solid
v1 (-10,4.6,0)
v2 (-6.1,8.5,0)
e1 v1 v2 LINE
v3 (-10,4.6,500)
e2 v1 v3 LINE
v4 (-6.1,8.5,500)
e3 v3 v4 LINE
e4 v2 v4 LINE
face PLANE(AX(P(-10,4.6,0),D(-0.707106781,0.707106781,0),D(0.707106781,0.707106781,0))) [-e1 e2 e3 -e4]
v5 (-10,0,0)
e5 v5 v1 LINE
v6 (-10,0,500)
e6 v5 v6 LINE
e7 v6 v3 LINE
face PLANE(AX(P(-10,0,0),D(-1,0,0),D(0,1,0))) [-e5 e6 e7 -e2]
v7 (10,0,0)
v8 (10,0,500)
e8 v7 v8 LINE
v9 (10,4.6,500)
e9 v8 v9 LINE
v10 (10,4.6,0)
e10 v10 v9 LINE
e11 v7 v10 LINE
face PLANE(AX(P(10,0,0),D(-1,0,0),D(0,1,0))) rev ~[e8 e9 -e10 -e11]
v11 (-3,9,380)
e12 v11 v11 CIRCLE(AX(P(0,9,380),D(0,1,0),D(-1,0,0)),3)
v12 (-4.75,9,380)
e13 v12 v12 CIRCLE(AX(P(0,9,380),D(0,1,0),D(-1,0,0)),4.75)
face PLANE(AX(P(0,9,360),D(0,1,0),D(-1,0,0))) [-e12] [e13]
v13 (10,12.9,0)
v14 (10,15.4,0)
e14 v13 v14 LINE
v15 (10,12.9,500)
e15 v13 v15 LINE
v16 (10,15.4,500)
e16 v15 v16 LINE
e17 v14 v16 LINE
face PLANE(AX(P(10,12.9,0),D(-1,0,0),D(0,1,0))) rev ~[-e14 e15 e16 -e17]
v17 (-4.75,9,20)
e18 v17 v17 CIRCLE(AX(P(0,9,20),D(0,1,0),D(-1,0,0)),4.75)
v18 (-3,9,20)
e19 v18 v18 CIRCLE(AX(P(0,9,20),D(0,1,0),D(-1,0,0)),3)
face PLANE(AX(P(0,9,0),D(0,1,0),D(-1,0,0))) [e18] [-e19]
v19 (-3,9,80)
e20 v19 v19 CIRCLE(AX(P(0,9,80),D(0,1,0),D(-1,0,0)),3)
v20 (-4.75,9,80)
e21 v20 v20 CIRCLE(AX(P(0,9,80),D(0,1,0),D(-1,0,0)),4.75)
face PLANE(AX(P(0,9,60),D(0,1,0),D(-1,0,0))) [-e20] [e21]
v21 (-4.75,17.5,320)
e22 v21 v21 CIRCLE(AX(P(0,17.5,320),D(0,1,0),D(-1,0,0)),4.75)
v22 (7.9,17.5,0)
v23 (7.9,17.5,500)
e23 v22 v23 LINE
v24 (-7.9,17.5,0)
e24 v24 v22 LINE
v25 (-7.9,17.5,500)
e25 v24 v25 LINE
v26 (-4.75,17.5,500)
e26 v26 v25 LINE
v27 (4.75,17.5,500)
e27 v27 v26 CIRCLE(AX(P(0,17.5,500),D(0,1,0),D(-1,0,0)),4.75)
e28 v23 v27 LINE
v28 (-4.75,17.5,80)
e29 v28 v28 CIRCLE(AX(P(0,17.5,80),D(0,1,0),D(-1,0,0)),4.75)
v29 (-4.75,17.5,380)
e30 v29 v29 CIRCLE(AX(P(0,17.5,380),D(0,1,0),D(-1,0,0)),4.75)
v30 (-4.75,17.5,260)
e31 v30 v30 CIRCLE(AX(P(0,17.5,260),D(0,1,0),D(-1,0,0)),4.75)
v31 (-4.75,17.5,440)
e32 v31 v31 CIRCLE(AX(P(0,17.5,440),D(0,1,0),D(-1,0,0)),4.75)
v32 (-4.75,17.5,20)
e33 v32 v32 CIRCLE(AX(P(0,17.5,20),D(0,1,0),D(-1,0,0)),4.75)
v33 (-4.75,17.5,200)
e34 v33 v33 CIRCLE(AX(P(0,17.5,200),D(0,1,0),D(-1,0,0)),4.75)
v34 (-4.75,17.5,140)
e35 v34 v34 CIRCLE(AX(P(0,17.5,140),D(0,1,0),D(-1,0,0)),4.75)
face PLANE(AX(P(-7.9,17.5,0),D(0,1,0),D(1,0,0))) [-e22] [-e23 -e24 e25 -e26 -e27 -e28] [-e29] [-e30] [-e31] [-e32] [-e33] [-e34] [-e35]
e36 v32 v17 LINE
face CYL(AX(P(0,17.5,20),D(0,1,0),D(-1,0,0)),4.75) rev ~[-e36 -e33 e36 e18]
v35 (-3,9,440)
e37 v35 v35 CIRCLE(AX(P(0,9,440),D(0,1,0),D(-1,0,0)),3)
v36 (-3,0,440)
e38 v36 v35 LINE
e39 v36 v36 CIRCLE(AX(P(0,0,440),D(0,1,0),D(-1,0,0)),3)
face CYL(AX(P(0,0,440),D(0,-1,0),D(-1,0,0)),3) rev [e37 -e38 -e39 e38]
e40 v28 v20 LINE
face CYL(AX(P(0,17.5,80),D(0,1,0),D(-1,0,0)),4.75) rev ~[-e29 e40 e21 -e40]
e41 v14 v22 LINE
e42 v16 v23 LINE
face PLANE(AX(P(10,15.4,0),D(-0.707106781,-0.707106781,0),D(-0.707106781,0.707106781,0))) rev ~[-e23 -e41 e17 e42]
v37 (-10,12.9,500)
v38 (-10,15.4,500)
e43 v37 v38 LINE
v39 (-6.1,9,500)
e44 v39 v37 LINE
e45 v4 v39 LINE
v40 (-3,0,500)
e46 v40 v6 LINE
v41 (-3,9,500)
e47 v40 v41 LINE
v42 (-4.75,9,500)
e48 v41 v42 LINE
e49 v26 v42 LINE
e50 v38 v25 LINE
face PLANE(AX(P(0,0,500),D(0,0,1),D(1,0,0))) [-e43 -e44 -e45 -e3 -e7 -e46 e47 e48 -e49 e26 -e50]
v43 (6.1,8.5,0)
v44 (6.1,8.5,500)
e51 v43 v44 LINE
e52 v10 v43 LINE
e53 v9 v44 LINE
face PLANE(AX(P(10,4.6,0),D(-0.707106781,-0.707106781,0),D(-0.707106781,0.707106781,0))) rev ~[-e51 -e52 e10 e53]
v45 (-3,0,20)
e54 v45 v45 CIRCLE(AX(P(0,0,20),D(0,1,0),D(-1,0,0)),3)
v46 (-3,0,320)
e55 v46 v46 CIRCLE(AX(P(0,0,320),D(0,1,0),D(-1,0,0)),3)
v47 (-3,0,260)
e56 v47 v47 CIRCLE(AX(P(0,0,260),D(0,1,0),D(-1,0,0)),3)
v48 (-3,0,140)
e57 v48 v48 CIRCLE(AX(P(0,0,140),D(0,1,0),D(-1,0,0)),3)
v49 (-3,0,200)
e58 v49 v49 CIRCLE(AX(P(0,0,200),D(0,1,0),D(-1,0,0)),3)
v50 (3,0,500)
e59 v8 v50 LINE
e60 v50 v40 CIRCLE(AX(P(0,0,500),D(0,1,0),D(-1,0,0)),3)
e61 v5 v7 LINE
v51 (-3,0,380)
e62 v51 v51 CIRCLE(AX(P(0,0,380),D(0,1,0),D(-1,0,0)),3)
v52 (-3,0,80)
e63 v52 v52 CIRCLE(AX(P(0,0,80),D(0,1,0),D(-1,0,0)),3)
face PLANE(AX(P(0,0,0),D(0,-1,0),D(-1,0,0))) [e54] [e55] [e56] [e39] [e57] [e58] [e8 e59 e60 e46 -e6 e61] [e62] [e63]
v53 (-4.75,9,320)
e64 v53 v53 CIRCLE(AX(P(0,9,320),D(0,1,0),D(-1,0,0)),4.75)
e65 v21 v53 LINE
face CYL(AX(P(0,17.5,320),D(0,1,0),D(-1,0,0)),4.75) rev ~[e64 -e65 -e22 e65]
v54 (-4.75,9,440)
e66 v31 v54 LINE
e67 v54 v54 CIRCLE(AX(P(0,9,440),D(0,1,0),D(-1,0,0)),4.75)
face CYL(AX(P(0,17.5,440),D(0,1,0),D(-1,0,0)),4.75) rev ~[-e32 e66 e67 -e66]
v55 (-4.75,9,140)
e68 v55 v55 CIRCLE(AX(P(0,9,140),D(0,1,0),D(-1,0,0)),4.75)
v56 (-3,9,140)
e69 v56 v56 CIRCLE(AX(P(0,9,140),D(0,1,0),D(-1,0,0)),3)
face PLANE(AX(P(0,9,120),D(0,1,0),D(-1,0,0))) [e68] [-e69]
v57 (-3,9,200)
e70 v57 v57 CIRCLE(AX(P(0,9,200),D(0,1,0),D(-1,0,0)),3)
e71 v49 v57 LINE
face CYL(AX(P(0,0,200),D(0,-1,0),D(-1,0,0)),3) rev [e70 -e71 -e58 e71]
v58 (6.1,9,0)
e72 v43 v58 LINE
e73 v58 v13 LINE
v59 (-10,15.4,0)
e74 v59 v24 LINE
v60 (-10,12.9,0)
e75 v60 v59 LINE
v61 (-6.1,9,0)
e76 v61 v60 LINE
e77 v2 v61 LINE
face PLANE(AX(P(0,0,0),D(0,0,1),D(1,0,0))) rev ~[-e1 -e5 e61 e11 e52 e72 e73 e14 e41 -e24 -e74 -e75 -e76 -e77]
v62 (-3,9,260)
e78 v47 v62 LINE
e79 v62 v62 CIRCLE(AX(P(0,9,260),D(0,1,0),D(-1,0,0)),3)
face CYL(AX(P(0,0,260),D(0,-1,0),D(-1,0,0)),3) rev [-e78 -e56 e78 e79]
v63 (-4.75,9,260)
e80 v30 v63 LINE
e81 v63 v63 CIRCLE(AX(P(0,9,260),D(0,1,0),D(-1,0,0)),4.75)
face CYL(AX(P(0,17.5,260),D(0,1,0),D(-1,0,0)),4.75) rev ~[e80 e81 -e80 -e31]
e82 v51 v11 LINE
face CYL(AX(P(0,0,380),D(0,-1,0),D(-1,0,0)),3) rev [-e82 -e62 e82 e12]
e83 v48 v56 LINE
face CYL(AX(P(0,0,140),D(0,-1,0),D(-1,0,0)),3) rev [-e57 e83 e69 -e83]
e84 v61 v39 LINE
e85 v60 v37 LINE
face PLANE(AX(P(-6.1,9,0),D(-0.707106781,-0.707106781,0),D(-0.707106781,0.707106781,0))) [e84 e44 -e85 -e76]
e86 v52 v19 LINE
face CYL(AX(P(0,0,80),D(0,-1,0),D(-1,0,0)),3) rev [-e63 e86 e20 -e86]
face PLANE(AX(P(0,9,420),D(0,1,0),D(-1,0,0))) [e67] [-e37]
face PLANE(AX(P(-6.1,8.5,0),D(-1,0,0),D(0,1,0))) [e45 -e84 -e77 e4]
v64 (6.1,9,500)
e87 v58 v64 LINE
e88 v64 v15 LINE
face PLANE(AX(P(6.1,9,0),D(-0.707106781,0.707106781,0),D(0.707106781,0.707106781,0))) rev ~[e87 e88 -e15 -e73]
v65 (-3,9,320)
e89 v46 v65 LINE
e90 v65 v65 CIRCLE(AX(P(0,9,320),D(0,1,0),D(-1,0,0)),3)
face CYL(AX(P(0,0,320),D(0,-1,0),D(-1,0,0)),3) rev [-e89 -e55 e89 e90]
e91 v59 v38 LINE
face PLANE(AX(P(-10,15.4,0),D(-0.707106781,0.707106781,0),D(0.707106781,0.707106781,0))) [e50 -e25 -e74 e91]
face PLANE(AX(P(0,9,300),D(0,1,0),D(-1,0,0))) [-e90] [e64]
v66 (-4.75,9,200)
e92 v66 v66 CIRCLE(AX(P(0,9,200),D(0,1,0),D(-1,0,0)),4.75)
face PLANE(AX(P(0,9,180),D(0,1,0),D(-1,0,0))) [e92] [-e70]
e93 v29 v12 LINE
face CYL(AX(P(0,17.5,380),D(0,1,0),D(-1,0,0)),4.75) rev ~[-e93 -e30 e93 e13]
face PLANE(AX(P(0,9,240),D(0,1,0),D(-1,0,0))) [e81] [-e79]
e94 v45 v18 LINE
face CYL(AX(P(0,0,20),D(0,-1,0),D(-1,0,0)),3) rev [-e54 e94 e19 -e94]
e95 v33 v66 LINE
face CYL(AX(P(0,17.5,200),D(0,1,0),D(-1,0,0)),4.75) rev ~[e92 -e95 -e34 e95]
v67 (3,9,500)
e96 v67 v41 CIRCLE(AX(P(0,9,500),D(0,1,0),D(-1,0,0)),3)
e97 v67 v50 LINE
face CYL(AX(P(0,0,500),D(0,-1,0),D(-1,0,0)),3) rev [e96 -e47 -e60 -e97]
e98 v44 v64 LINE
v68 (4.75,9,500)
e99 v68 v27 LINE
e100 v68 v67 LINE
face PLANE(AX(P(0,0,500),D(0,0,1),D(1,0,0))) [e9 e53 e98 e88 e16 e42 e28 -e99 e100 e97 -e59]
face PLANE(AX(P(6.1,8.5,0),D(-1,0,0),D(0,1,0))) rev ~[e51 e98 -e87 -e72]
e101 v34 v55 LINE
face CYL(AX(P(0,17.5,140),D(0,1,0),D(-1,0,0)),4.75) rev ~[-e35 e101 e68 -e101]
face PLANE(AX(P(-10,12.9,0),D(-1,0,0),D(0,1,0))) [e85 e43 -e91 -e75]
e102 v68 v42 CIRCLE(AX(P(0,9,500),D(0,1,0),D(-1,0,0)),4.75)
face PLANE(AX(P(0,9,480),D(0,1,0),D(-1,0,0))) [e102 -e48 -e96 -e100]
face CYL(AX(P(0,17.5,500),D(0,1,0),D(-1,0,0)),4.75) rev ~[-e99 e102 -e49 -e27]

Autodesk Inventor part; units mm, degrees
ref_plane "YZ Plane" through (0, 0, 0) normal (1, 0, 0) x (0, 1, 0)
ref_plane "XZ Plane" through (0, 0, 0) normal (0, 1, 0) x (-1, 0, 0)
ref_plane "XY Plane" through (0, 0, 0) normal (0, 0, 1) x (1, 0, 0)
sketch "Sketch1" plane through (0, 0, 0) normal (0, 0, 1) x (1, 0, 0)
  line L0 (0, 0) -> (0, 17.5) construction
  line L1 (0, 0) -> (-10, 0)
  line L2 (0, 0) -> (10, 0)
  line L3 (-10, 0) -> (-10, 4.6)
  line L4 (-10, 4.6) -> (-6.1, 8.5)
  line L5 (-6.1, 8.5) -> (-6.1, 9)
  line L6 (-6.1, 9) -> (-10, 12.9)
  line L7 (-10, 12.9) -> (-10, 15.4)
  line L8 (-10, 15.4) -> (-7.9, 17.5)
  line L9 (-7.9, 17.5) -> (0, 17.5)
  line L10 (10, 0) -> (10, 4.6)
  line L11 (10, 4.6) -> (6.1, 8.5)
  line L12 (6.1, 8.5) -> (6.1, 9)
  line L13 (6.1, 9) -> (10, 12.9)
  line L14 (10, 12.9) -> (10, 15.4)
  line L15 (10, 15.4) -> (7.9, 17.5)
  line L16 (7.9, 17.5) -> (0, 17.5)
  dimension "d0" = 17.5
  dimension "d1" = 20
  dimension "d2" = 4.6
  dimension "d3" = 8.5
  dimension "d8" = 135
  dimension "d9" = 0.5
  dimension "d10" = 135
  dimension "d11" = 2.5
extrude "Extrusion1" add sketch "Sketch1" along normal blind 500
sketch "Sketch2" plane through (0, 0, 0) normal (0, 1, 0) x (-1, 0, 0)
  line L0 (0, 0) -> (0, 20) construction
  line L1 (0, 20) -> (0, 80) construction
  circle A0 centre (0, 20) radius 4.75
  circle A1 centre (0, 20) radius 3
  dimension "d14" = 20
  dimension "d15" = 60
  dimension "d16" = 9.5
  dimension "d17" = 6
extrude "Extrusion2" cut sketch "Sketch2" along normal through all contours A1
extrude "Extrusion3" cut sketch "Sketch2" against normal blind 8.5 from surface at 17.5
pattern_linear "Rectangular Pattern1" count 9 spacing 60 along (0, 0, 1) of "Extrusion2", "Extrusion3"
properties part number "HGR20 500mm"
